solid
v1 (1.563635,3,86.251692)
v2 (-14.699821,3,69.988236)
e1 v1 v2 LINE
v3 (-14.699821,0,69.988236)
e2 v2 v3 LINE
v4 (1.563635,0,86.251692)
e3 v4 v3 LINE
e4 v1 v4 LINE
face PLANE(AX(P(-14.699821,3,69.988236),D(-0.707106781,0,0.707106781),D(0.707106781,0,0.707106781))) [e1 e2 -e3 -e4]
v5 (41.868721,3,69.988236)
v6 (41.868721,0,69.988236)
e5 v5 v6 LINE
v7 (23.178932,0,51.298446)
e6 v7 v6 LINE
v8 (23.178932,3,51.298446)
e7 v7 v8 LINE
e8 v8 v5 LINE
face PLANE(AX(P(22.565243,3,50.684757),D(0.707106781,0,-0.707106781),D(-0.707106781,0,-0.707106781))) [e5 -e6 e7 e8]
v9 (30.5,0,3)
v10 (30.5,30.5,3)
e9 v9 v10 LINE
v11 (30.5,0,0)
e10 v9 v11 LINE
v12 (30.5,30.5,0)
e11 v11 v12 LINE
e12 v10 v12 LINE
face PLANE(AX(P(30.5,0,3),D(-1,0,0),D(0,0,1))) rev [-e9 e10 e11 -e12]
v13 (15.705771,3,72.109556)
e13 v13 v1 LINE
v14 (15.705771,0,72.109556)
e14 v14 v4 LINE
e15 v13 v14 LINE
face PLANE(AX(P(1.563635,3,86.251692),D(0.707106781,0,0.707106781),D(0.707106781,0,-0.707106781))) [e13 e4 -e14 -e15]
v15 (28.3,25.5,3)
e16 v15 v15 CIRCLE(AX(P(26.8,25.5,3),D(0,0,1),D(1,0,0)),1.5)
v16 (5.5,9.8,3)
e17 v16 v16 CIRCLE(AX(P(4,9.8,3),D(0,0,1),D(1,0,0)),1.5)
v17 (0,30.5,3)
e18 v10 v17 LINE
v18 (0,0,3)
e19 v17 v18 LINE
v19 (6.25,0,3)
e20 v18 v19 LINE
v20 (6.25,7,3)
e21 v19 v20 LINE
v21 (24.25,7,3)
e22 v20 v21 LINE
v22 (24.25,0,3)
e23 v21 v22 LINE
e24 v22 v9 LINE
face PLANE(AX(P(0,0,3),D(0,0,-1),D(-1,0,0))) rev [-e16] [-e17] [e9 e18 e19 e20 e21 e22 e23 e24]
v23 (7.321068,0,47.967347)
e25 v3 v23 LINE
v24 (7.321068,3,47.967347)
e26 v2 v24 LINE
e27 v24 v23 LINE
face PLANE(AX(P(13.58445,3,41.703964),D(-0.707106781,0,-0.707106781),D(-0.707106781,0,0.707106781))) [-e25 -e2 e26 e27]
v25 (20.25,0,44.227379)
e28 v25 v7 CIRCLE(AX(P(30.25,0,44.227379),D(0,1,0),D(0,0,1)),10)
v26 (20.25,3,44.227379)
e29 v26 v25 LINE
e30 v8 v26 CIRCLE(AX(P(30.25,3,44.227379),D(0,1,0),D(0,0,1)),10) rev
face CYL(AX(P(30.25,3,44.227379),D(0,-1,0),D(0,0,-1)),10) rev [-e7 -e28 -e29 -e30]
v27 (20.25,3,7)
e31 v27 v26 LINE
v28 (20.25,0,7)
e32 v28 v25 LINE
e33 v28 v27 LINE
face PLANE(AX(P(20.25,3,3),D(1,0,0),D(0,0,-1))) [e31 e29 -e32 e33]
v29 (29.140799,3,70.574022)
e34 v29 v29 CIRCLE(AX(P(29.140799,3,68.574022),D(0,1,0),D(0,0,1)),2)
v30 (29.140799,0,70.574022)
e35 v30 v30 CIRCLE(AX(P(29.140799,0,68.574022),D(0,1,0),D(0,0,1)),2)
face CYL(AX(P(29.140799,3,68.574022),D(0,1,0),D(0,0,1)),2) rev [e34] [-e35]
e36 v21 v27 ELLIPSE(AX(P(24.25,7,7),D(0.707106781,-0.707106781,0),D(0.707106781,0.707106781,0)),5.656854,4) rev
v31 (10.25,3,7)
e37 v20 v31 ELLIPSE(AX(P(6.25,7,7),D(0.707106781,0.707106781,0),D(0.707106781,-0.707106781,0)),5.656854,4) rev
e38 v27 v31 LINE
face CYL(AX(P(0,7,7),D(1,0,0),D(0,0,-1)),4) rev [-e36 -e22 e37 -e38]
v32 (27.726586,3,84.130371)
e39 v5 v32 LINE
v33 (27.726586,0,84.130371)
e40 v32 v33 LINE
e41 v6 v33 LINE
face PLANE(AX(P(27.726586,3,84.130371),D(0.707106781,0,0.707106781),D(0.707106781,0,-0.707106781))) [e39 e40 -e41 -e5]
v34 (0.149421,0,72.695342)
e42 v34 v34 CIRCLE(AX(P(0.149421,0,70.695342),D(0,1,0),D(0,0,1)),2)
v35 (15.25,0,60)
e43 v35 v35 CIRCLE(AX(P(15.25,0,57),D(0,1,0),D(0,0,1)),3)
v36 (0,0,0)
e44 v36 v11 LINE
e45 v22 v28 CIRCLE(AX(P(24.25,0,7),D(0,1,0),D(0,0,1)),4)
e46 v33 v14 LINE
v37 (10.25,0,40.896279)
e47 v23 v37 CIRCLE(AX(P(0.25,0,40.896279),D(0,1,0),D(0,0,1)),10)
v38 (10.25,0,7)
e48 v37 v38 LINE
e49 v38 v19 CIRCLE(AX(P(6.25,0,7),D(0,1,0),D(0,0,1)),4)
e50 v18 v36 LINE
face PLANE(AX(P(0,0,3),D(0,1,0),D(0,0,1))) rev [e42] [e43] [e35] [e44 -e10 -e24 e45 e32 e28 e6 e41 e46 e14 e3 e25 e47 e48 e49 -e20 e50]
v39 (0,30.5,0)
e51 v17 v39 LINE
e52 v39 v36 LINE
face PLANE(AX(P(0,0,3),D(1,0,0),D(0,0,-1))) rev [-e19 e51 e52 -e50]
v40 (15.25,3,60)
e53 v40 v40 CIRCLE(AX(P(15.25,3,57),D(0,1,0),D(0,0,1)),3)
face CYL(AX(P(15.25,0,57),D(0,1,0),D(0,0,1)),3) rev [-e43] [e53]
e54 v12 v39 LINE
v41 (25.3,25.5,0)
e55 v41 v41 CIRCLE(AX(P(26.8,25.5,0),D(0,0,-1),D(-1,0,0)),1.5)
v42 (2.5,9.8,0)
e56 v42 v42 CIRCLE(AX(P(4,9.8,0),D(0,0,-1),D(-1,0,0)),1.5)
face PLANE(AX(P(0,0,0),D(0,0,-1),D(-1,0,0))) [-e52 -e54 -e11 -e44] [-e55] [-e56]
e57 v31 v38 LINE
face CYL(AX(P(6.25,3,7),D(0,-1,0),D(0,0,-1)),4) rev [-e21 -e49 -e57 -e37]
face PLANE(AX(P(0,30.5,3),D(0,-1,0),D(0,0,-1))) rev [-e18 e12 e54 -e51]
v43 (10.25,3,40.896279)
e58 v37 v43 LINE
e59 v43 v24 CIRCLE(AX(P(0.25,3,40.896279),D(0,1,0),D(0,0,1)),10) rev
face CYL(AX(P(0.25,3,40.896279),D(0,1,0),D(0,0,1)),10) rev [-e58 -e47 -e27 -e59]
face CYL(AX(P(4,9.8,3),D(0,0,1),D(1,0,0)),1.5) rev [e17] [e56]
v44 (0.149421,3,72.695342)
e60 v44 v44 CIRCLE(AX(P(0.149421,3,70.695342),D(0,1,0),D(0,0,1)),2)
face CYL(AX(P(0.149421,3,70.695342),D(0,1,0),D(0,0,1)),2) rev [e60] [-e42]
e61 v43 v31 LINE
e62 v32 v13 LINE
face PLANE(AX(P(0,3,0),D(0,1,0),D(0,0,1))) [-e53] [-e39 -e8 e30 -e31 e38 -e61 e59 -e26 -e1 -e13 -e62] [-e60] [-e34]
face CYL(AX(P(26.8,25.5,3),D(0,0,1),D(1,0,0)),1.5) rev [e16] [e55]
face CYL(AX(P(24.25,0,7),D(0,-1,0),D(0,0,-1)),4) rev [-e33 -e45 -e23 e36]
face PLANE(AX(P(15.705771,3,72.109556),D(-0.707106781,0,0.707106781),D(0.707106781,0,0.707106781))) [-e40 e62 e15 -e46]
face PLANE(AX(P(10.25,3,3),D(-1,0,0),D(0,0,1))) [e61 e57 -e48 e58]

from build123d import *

# Parameters (mm, degrees)
SKETCH1_W             = 30.5
SKETCH1_H             = 30.5
BOSS_EXTRUDE1_DEPTH   = 3
SKETCH2_W             = 10
SKETCH2_H             = 60
BOSS_EXTRUDE2_DEPTH   = 3
BOSS_EXTRUDE3_DEPTH   = 3
F_3_0MM_DOWEL_HOLE1_D = 3
FILLET1_R             = 4
FILLET2_R             = 10
SKETCH6_R             = 3
CUT_EXTRUDE1_DEPTH    = 3
F_4_0MM_DOWEL_HOLE1_D = 4
F_4_0MM_DOWEL_HOLE2_D = 4


with BuildPart() as part:
    # Sketch1 → Boss-Extrude1 (new body)
    with BuildSketch(Plane.XY):
        with Locations((15.25, 15.25)):
            Rectangle(SKETCH1_W, SKETCH1_H)
    extrude(amount=BOSS_EXTRUDE1_DEPTH)

    # Sketch2 → Boss-Extrude2 (add)
    with BuildSketch(Plane.XZ):
        with Locations((15.25, 33)):
            Rectangle(SKETCH2_W, SKETCH2_H)
    extrude(amount=-BOSS_EXTRUDE2_DEPTH)

    # Sketch3 → Boss-Extrude3 (add)
    with BuildSketch(Plane.XZ):
        Polygon((22.565242881, 50.684757119), (13.584450202, 41.70396444), (-14.699821045, 69.988235687), (1.563634922, 86.251691655), (15.705770546, 72.109556031), (27.726585826, 84.130371311), (41.86872145, 69.988235687), align=None)
    extrude(amount=-BOSS_EXTRUDE3_DEPTH)

    # Ø3.0mm Dowel Hole1 (through all)
    with Locations(Plane.XY.offset(3)):
        with Locations((4, 9.8), (26.8, 25.5)):
            Hole(F_3_0MM_DOWEL_HOLE1_D / 2)

    # Fillet1
    fillet1_edges = [part.edges().sort_by_distance(p)[0] for p in [
        (10.25, 1.5, 3),
        (15.25, 3, 3),
        (20.25, 1.5, 3),
    ]]
    fillet(fillet1_edges, radius=FILLET1_R)

    # Fillet2
    fillet2_edges = [part.edges().sort_by_distance(p)[0] for p in [
        (20.25, 1.5, 48.369514237),
        (10.25, 1.5, 45.038414642),
    ]]
    fillet(fillet2_edges, radius=FILLET2_R)

    # Sketch6 → Cut-Extrude1 (cut)
    with BuildSketch(Plane(origin=(0, 3, 0), x_dir=(1, 0, 0), z_dir=(0, 1, 0))):
        with Locations(Location((15.25, -57, 0), (0, 0, 270))):
            Circle(SKETCH6_R)
    extrude(amount=-CUT_EXTRUDE1_DEPTH, mode=Mode.SUBTRACT)

    # Ø4.0mm Dowel Hole1 (through all)
    with Locations(Plane(origin=(0, 3, 0), x_dir=(1, 0, 0), z_dir=(0, 1, 0))):
        with Locations((0.14942136, -70.695342468)):
            Hole(F_4_0MM_DOWEL_HOLE1_D / 2)

    # Ø4.0mm Dowel Hole2 (through all)
    with Locations(Plane(origin=(0, 3, 0), x_dir=(1, 0, 0), z_dir=(0, 1, 0))):
        with Locations((29.140799389, -68.574022125)):
            Hole(F_4_0MM_DOWEL_HOLE2_D / 2)


solid = part.part
